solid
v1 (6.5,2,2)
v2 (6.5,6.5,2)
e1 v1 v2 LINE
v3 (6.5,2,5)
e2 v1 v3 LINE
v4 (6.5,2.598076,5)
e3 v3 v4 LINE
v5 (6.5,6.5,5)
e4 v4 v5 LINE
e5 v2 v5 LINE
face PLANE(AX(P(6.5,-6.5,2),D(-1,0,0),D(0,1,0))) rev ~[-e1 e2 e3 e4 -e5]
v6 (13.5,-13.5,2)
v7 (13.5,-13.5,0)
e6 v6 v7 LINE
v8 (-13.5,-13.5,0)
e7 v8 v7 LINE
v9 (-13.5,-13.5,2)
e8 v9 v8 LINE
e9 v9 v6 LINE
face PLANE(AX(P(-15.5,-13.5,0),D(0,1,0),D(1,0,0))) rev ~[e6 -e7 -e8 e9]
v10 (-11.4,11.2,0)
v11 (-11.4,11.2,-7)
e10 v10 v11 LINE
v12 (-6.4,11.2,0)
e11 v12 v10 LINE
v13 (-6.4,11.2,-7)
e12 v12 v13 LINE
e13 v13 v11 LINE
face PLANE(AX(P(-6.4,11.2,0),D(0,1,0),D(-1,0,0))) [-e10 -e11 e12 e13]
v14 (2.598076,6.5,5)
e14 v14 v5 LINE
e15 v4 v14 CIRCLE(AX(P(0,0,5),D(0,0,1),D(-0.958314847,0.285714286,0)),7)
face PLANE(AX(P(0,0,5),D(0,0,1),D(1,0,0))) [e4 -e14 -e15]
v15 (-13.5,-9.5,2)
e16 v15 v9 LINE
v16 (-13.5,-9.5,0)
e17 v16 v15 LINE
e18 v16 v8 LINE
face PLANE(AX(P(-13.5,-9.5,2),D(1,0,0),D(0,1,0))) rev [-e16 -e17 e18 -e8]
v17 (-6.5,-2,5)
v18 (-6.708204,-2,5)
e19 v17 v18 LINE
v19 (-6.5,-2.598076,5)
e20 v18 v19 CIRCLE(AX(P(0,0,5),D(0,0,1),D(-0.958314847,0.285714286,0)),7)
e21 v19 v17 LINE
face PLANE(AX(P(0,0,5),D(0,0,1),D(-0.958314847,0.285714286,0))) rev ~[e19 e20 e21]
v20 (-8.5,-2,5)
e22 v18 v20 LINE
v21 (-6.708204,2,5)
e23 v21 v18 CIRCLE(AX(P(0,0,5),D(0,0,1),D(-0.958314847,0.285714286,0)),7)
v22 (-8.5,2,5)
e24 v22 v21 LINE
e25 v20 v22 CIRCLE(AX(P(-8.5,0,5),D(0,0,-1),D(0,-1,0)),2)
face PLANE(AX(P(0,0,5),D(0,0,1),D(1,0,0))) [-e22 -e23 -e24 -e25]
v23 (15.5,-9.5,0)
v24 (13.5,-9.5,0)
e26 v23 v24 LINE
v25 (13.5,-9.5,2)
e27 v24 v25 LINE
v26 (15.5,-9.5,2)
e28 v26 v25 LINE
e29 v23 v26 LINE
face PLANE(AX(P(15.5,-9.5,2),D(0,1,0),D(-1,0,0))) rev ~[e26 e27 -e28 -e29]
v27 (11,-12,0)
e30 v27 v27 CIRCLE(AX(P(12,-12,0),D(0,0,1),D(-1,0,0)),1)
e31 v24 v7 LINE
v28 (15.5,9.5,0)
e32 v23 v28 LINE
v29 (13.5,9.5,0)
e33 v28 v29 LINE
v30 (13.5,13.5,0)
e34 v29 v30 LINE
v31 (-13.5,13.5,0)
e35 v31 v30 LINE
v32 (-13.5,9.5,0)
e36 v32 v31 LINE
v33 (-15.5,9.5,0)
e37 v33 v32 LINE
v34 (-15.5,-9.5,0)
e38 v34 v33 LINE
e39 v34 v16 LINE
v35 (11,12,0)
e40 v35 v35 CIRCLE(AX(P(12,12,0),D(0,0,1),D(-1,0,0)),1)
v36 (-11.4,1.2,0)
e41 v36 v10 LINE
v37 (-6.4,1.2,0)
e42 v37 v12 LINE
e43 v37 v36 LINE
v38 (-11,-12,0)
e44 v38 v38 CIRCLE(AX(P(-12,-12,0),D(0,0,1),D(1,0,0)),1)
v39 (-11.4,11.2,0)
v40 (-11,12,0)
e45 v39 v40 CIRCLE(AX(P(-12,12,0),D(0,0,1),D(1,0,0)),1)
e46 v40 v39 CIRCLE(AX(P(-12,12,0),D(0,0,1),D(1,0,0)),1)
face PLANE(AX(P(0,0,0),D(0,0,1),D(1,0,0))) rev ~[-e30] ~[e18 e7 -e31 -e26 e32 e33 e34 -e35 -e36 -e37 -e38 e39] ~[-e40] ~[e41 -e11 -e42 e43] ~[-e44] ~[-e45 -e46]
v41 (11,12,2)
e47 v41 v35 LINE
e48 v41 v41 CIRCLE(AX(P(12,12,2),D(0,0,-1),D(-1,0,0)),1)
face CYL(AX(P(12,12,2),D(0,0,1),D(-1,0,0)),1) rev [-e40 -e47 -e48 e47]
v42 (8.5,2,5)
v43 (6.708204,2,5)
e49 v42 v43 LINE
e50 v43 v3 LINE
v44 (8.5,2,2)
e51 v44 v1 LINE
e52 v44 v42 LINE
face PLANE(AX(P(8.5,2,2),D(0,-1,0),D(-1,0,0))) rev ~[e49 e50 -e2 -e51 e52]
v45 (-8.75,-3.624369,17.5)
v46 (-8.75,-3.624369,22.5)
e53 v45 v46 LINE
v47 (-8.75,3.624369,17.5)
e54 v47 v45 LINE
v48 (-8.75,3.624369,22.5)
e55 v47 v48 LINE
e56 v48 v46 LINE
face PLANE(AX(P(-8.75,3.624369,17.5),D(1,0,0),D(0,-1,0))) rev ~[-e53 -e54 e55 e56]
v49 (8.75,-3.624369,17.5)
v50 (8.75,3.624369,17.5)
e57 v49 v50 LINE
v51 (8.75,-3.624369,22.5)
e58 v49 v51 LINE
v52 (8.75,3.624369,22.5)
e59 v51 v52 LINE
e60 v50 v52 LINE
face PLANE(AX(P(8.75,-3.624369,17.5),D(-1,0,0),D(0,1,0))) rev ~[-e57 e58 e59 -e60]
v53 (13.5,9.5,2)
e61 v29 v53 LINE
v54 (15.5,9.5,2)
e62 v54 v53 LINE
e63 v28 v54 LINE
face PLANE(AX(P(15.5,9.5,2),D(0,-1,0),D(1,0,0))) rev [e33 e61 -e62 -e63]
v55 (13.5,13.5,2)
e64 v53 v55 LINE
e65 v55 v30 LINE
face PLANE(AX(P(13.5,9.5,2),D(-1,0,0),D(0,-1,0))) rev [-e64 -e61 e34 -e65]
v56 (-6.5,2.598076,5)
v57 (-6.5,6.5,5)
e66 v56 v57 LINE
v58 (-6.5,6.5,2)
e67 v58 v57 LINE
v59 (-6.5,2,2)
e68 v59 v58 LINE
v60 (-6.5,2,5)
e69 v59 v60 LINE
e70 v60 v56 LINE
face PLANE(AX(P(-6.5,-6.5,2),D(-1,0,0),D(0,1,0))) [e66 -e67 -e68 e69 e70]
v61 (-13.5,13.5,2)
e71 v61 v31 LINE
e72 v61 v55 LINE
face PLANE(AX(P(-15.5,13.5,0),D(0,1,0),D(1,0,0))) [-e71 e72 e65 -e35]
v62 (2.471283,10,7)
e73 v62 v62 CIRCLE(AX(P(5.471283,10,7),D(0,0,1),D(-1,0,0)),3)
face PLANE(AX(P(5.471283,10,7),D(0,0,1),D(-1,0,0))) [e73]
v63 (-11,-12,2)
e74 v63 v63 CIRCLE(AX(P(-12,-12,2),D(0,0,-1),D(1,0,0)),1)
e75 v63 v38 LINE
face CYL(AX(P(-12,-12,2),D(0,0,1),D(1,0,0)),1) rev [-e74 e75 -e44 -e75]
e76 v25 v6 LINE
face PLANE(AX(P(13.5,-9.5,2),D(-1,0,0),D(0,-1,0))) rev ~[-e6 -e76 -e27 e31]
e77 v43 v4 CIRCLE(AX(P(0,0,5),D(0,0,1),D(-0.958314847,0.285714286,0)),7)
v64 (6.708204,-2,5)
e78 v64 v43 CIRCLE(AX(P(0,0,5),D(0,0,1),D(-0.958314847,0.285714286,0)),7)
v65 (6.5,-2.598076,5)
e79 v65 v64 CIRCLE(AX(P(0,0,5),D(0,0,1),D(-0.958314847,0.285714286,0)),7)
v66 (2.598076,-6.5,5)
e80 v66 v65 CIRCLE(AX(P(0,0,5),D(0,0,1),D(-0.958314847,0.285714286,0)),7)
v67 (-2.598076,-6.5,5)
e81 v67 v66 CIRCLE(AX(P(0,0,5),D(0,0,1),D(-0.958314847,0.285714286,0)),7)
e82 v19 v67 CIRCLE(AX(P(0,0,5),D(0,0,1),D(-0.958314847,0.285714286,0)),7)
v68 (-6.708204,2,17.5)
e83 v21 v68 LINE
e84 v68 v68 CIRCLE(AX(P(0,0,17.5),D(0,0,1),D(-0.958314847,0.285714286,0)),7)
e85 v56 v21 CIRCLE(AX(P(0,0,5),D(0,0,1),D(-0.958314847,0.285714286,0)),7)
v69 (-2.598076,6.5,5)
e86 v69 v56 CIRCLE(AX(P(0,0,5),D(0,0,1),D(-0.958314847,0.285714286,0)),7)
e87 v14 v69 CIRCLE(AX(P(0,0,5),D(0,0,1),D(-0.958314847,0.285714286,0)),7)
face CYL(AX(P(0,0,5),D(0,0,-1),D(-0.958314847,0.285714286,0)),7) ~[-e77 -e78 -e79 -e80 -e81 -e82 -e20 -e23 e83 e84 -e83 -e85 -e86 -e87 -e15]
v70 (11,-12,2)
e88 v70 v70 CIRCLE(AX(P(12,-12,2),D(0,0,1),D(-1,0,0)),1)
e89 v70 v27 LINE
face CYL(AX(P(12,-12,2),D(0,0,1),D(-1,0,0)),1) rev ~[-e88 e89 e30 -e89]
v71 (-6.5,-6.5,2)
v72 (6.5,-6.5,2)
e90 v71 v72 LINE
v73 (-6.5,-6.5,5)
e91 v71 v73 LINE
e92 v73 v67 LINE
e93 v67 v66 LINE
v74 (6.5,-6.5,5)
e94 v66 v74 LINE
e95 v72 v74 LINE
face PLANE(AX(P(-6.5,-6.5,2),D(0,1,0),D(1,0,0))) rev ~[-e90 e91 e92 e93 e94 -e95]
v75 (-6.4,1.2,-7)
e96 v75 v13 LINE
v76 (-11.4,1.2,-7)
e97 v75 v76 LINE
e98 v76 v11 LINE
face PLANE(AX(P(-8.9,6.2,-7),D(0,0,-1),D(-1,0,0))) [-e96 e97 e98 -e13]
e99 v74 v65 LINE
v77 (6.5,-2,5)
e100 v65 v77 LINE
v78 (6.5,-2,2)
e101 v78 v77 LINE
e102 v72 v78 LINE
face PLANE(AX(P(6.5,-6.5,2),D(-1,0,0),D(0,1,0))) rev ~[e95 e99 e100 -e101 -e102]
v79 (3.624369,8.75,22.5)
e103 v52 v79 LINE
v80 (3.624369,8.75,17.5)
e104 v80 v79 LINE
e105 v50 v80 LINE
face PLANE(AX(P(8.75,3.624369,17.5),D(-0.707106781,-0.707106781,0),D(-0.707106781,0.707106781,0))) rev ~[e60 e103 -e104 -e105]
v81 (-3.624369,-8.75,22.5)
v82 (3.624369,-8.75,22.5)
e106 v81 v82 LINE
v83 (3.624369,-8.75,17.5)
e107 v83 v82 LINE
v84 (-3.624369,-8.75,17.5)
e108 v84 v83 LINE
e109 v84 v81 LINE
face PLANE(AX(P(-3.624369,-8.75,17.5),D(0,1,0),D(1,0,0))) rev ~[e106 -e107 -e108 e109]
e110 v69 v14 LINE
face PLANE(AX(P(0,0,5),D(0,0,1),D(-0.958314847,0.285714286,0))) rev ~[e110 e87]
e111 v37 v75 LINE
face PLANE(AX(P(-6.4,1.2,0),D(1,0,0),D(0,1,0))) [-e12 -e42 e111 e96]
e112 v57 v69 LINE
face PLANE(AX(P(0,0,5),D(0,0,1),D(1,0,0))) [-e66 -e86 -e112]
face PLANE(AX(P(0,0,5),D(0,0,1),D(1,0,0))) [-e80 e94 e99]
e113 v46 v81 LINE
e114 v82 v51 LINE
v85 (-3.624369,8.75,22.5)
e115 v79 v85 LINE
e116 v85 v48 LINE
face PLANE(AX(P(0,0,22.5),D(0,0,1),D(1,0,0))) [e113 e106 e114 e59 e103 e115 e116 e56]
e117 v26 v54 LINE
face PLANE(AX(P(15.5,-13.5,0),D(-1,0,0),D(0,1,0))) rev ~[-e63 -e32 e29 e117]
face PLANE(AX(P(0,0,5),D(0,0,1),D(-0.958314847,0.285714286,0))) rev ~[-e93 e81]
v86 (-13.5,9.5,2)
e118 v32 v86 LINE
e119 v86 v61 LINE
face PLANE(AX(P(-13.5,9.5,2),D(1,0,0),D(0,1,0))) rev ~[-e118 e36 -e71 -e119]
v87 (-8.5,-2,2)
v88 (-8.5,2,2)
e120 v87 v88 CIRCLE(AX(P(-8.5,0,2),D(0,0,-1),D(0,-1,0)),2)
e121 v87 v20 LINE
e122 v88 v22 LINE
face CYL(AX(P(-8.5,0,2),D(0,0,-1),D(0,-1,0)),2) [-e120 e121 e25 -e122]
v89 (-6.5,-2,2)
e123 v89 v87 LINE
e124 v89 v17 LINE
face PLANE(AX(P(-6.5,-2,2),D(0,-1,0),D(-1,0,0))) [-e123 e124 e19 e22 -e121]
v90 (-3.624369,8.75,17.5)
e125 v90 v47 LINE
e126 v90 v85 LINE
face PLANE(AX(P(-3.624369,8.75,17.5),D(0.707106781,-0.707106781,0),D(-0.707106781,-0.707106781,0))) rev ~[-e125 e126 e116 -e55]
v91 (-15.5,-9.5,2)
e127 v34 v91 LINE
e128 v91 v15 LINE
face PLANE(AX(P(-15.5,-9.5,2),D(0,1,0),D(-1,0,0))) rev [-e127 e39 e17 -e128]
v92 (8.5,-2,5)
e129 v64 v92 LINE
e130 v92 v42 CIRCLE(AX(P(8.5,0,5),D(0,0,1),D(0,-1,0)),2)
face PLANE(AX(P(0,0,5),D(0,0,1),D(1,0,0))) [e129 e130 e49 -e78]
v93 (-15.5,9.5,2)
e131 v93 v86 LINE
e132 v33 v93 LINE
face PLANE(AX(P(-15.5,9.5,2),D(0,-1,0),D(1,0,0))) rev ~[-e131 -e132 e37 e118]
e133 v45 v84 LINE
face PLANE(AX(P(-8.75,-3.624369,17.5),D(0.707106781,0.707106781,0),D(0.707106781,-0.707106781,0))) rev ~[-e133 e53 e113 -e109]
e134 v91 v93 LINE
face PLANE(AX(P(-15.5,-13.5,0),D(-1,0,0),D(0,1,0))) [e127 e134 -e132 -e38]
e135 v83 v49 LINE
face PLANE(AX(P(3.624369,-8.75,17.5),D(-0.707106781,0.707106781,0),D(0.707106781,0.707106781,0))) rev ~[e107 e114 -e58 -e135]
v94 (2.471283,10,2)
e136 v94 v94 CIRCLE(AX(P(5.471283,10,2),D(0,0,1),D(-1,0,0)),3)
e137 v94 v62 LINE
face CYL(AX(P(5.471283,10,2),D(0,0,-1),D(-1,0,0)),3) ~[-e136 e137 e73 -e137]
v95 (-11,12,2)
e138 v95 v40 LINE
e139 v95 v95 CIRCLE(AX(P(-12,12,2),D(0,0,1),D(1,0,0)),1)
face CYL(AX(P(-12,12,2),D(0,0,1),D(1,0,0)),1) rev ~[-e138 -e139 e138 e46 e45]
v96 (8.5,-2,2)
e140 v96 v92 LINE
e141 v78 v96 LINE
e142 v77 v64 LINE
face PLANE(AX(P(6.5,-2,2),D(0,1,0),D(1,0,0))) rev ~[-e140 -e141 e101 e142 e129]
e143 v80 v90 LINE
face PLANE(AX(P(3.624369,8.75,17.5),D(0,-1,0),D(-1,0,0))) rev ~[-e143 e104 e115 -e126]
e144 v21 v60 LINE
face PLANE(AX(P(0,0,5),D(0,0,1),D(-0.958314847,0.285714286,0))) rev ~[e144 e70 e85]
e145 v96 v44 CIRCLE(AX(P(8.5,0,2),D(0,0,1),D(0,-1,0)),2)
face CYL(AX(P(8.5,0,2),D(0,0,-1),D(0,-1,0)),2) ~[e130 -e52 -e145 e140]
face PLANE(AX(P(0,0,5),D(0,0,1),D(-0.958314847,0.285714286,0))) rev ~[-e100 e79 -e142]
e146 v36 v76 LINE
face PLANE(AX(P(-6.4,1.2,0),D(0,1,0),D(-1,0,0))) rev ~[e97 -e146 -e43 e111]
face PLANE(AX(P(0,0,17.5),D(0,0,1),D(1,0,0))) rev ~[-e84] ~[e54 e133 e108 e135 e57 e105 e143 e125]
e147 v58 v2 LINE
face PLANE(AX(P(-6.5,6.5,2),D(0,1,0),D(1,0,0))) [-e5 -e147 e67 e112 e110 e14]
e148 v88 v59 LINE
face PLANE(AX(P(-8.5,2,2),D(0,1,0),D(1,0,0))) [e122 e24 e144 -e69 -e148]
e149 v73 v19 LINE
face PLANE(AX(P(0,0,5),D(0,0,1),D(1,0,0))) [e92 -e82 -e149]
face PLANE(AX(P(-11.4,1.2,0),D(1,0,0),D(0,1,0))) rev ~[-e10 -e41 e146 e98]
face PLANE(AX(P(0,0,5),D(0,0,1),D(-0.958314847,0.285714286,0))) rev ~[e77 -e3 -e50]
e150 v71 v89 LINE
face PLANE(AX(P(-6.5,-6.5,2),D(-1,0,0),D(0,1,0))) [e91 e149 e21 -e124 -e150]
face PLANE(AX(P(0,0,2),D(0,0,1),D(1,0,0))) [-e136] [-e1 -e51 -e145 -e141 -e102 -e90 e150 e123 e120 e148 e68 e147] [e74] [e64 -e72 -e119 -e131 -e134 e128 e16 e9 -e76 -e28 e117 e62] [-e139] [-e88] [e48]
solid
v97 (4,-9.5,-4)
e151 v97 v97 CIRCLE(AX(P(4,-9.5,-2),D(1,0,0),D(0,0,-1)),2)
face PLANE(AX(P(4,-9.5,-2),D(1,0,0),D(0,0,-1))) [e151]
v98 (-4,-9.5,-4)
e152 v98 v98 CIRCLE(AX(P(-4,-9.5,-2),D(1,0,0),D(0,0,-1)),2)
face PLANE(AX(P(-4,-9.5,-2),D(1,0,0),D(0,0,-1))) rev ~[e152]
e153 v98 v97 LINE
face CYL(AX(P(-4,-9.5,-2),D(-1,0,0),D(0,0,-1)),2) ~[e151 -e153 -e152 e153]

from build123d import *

# Parameters (mm, degrees)
SKETCH_1_W               = 31
SKETCH_1_H               = 27
EXTRUDE_426_DEPTH        = 2
SKETCH_2_W               = 2
SKETCH_2_H               = 4
CUT_EXTRUDE_591_DEPTH    = 21.651876428
SKETCH_3_R               = 1
CUT_EXTRUDE_937_DEPTH    = 21.651876428
MIRROR_2_COPY_1_SKETCH_W = 2
MIRROR_2_COPY_1_SKETCH_H = 4
MIRROR_2_COPY_1_DEPTH    = 21.651876428
MIRROR_2_COPY_2_SKETCH_R = 1
MIRROR_2_COPY_2_DEPTH    = 21.651876428
SKETCH_4_W               = 13
SKETCH_4_H               = 13
EXTRUDE_1335_DEPTH       = 3
EXTRUDE_1862_DEPTH       = 3
SKETCH_6_R               = 7
EXTRUDE_2122_DEPTH       = 12.5
EXTRUDE_2384_DEPTH       = 5
SKETCH_8_R               = 3
EXTRUDE_2930_DEPTH       = 5
SKETCH_9_W               = 5
SKETCH_9_H               = 10
USB_DEPTH                = 7
EXTRUDE_3576_DEPTH       = 4
EXTRUDE_3576_DEPTH_BACK  = 4
SKETCH_10_R              = 2


with BuildPart() as part:
    # Эскиз1 → Extrude 426 (new body)
    with BuildSketch(Plane.XY):
        Rectangle(SKETCH_1_W, SKETCH_1_H)
    extrude(amount=EXTRUDE_426_DEPTH)

    # Эскиз2 → Cut-Extrude 591 (cut, symmetric)
    with BuildSketch(Plane.XY.offset(2)):
        with Locations((-14.5, 11.5)):
            Rectangle(SKETCH_2_W, SKETCH_2_H)
    cut_extrude_591 = extrude(amount=CUT_EXTRUDE_591_DEPTH, both=True, mode=Mode.SUBTRACT)

    # Эскиз3 → Cut-Extrude 937 (cut, through all)
    with BuildSketch(Plane.XY.offset(2)):
        with Locations((-12, 12)):
            Circle(SKETCH_3_R)
    cut_extrude_937 = extrude(amount=-CUT_EXTRUDE_937_DEPTH, mode=Mode.SUBTRACT)

    # Зеркальное отражение1: Cut-Extrude 591, Cut-Extrude 937 across plane
    add(cut_extrude_591.mirror(Plane(origin=(0, 0, 0), x_dir=(0, 0, 1), z_dir=(1, 0, 0))), mode=Mode.SUBTRACT)
    add(cut_extrude_937.mirror(Plane(origin=(0, 0, 0), x_dir=(0, 0, 1), z_dir=(1, 0, 0))), mode=Mode.SUBTRACT)

    # Зеркальное отражение2: Cut-Extrude 591, Cut-Extrude 937 across plane
    add(cut_extrude_591.mirror(Plane.ZX), mode=Mode.SUBTRACT)
    add(cut_extrude_937.mirror(Plane.ZX), mode=Mode.SUBTRACT)

    # Зеркальное отражение2 copy 1 sketch → Зеркальное отражение2 copy 1 (cut, symmetric)
    with BuildSketch(Plane(origin=(0, 0, 2), x_dir=(-1, 0, 0), z_dir=(0, 0, 1))):
        with Locations((-14.5, 11.5)):
            Rectangle(MIRROR_2_COPY_1_SKETCH_W, MIRROR_2_COPY_1_SKETCH_H)
    extrude(amount=MIRROR_2_COPY_1_DEPTH, both=True, mode=Mode.SUBTRACT)

    # Зеркальное отражение2 copy 2 sketch → Зеркальное отражение2 copy 2 (cut, through all)
    with BuildSketch(Plane(origin=(0, 0, 2), x_dir=(-1, 0, 0), z_dir=(0, 0, 1))):
        with Locations((-12, 12)):
            Circle(MIRROR_2_COPY_2_SKETCH_R)
    extrude(amount=-MIRROR_2_COPY_2_DEPTH, mode=Mode.SUBTRACT)

    # Эскиз4 → Extrude 1335 (add)
    with BuildSketch(Plane.XY.offset(2)):
        Rectangle(SKETCH_4_W, SKETCH_4_H)
    extrude(amount=EXTRUDE_1335_DEPTH)

    # Эскиз5 → Extrude 1862 (add)
    with BuildSketch(Plane.XY.offset(2)):
        with BuildLine():
            Line((6.5, 2), (6.5, -2))
            Line((6.5, -2), (8.5, -2))
            ThreePointArc((8.5, -2), (10.5, 0), (8.5, 2))
            Line((8.5, 2), (6.5, 2))
        make_face()
        with BuildLine():
            Line((-6.5, 2), (-6.5, -2))
            Line((-6.5, -2), (-8.5, -2))
            ThreePointArc((-8.5, -2), (-10.5, 0), (-8.5, 2))
            Line((-8.5, 2), (-6.5, 2))
        make_face()
    extrude(amount=EXTRUDE_1862_DEPTH)

    # Эскиз6 → Extrude 2122 (add)
    with BuildSketch(Plane.XY.offset(5)):
        with Locations(Location((0, 0, 0), (0, 0, 163.398450401))):
            Circle(SKETCH_6_R)
    extrude(amount=EXTRUDE_2122_DEPTH)

    # Эскиз7 → Extrude 2384 (add)
    with BuildSketch(Plane.XY.offset(17.5)):
        Polygon((3.624368671, -8.75), (8.75, -3.624368671), (8.75, 3.624368671), (3.624368671, 8.75), (-3.624368671, 8.75), (-8.75, 3.624368671), (-8.75, -3.624368671), (-3.624368671, -8.75), align=None)
    extrude(amount=EXTRUDE_2384_DEPTH)

    # Эскиз8 → Extrude 2930 (add)
    with BuildSketch(Plane.XY.offset(2)):
        with Locations(Location((5.471283186, 10, 0), (0, 0, 180))):
            Circle(SKETCH_8_R)
    extrude(amount=EXTRUDE_2930_DEPTH)

    # Эскиз9 → usb (add)
    with BuildSketch(Plane(origin=(0, 0, 0), x_dir=(-1, 0, 0), z_dir=(0, 0, -1))):
        with Locations((8.9, 6.2)):
            Rectangle(SKETCH_9_W, SKETCH_9_H)
    extrude(amount=USB_DEPTH)


with BuildPart() as body_2:
    # Эскиз10 → Extrude 3576 (new, two sides: drawn at the far end of the back side and taken through both)
    with BuildSketch(Plane(origin=(0, 0, 0), x_dir=(0, 0, -1), z_dir=(1, 0, 0)).offset(-EXTRUDE_3576_DEPTH_BACK)):
        with Locations((2, -9.5)):
            Circle(SKETCH_10_R)
    extrude(amount=EXTRUDE_3576_DEPTH + EXTRUDE_3576_DEPTH_BACK)


solid = Compound([part.part, body_2.part])
